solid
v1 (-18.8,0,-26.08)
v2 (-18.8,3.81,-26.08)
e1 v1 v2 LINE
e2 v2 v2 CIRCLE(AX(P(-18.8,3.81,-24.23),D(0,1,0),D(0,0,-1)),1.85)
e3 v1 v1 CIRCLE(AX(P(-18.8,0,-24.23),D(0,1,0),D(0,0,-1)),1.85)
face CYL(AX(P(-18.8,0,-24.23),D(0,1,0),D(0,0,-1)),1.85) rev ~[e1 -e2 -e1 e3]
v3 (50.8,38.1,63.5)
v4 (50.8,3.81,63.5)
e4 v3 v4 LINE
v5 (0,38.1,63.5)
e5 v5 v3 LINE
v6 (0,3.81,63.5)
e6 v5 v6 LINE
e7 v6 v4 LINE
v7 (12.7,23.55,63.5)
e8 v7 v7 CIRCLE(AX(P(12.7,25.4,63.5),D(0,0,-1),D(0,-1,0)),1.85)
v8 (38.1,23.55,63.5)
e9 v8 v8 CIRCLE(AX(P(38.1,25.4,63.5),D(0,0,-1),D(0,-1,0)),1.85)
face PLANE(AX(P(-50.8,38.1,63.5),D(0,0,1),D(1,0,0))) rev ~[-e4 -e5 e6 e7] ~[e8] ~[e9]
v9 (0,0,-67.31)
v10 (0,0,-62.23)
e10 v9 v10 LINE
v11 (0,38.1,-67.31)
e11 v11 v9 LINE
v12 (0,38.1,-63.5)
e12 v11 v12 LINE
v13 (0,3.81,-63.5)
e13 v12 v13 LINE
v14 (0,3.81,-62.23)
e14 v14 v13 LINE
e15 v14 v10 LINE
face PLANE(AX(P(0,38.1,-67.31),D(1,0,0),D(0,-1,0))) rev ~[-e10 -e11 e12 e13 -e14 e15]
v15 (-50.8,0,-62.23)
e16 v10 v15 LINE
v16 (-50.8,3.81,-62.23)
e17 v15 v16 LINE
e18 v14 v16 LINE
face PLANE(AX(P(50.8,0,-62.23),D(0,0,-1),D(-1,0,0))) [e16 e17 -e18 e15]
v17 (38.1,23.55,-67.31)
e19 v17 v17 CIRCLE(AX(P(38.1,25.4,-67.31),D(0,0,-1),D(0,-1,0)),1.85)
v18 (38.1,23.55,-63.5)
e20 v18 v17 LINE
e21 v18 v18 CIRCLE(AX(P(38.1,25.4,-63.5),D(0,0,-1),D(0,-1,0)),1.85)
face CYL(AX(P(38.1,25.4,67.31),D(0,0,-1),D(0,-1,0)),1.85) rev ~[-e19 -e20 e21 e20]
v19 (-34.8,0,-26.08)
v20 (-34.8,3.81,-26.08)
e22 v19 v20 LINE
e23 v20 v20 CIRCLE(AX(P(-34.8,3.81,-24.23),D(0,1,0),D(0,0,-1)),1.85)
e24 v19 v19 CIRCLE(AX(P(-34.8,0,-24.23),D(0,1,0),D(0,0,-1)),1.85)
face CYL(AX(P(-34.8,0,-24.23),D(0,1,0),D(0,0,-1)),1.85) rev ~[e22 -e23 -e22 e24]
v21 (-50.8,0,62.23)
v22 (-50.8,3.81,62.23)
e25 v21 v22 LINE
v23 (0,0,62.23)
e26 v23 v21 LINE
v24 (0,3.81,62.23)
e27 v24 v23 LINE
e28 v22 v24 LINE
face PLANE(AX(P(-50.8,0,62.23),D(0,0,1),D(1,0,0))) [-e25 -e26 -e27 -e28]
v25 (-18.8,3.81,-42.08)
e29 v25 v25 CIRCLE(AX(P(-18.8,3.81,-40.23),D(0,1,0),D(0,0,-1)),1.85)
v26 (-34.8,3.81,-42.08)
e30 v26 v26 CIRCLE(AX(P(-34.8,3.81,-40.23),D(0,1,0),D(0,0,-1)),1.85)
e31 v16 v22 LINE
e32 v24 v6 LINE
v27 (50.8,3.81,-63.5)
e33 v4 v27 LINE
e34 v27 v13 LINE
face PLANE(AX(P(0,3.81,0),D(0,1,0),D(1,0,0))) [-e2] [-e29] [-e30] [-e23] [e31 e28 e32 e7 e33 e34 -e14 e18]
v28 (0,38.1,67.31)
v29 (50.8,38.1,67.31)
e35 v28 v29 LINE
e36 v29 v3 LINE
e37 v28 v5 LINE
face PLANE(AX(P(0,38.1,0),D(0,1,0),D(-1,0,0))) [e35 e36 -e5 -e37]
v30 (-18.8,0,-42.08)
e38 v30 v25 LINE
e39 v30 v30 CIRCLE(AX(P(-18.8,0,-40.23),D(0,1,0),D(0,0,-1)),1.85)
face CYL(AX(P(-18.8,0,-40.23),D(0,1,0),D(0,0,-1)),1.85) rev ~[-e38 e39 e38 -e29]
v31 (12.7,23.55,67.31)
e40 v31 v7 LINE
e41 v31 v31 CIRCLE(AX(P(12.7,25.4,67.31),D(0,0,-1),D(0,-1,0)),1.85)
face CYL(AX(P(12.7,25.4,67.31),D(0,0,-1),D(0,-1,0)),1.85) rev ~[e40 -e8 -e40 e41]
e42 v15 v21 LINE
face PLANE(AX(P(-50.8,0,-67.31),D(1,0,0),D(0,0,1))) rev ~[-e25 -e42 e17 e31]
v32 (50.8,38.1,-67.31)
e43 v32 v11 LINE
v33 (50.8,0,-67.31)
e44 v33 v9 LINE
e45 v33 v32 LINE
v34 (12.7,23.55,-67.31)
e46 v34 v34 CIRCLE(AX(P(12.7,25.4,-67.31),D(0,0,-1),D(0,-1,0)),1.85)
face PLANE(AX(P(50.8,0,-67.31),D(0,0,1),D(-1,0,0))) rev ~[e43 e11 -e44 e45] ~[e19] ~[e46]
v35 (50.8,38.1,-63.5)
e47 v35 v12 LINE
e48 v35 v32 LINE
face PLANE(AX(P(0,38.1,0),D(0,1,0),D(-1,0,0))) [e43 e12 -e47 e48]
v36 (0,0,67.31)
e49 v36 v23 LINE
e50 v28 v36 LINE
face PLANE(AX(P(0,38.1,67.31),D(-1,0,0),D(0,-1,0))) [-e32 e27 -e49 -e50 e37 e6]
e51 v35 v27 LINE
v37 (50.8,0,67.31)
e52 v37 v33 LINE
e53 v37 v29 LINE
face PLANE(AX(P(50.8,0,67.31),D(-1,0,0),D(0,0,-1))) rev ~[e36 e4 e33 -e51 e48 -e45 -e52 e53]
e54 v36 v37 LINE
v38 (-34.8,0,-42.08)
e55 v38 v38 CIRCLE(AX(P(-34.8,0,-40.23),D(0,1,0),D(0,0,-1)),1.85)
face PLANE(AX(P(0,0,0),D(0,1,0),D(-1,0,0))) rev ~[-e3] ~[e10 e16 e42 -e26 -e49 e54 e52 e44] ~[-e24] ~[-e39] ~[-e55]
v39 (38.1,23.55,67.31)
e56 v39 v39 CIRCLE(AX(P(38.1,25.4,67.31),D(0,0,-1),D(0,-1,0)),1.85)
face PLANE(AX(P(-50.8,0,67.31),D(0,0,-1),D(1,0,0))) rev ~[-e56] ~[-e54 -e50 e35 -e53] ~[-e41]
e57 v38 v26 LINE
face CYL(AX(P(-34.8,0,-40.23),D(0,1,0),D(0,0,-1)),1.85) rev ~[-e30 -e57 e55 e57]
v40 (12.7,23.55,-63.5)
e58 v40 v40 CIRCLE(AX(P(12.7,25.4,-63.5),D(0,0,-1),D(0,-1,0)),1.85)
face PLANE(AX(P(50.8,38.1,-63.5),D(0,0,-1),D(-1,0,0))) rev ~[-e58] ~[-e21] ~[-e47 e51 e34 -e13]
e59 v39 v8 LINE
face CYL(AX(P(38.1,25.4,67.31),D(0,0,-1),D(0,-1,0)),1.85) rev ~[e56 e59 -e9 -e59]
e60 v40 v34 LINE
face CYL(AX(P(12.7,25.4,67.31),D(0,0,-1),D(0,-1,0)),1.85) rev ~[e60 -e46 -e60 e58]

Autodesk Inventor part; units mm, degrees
ref_plane "YZ Plane" through (0, 0, 0) normal (1, 0, 0) x (0, 1, 0)
ref_plane "XZ Plane" through (0, 0, 0) normal (0, 1, 0) x (-1, 0, 0)
ref_plane "XY Plane" through (0, 0, 0) normal (0, 0, 1) x (1, 0, 0)
sketch "Sketch1" plane through (0, 0, 0) normal (0, 1, 0) x (-1, 0, 0)
  line L0 (-50.8, -67.31) -> (50.8, -67.31)
  line L1 (50.8, -67.31) -> (50.8, 67.31)
  line L2 (50.8, 67.31) -> (-50.8, 67.31)
  line L3 (-50.8, 67.31) -> (-50.8, -67.31)
  line L4 (-50.8, -67.31) -> (50.8, 67.31) construction
  line L5 (50.8, -67.31) -> (-50.8, 67.31) construction
  point P0 (0, 0)
  dimension "d0" = 101.6
  dimension "d1" = 134.62
extrude "Extrusion1" add sketch "Sketch1" along normal blind 38.1
sketch "Sketch3" plane through (0, 38.1, 0) normal (0, 1, 0) x (1, 0, 0)
  line L0 (50.8, 63.5) -> (-50.8, 63.5)
  line L1 (-50.8, 63.5) -> (-50.8, -63.5)
  line L2 (-50.8, -63.5) -> (50.8, -63.5)
  line L3 (50.8, -63.5) -> (50.8, 63.5)
  line L4 (50.8, 63.5) -> (-50.8, -63.5) construction
  line L5 (-50.8, 63.5) -> (50.8, -63.5) construction
  point P0 (0, 0)
  dimension "d4" = 127
extrude "Extrusion2" cut sketch "Sketch3" against normal blind 34.29
sketch "Sketch4" plane through (50.8, 0, -67.31) normal (0, 0, -1) x (-1, 0, 0)
  line L0 (101.6, 38.1) -> (50.8, 38.1)
  line L1 (50.8, 38.1) -> (50.8, 0)
  line L2 (50.8, 0) -> (101.6, 0)
  line L3 (101.6, 0) -> (101.6, 38.1)
  dimension "d7" = 50.8
extrude "Extrusion3" cut sketch "Sketch4" against normal blind 5.08
sketch "Sketch5" plane through (-50.8, 0, 67.31) normal (0, 0, 1) x (1, 0, 0)
  line L0 (0, 38.1) -> (0, 3.81) projected
  line L1 (0, 38.1) -> (50.8, 38.1)
  line L2 (50.8, 38.1) -> (50.8, 0)
  line L3 (50.8, 0) -> (0, 0)
  line L4 (0, 0) -> (0, 38.1)
extrude "Extrusion4" cut sketch "Sketch5" against normal blind 5.08
sketch "Sketch6" plane through (50.8, 0, 67.31) normal (0, 0, 1) x (1, 0, 0)
  line L0 (-50.8, 38.1) -> (-38.1, 38.1)
  line L1 (-38.1, 38.1) -> (-38.1, 25.4)
  line L2 (-38.1, 25.4) -> (-50.8, 25.4)
  line L3 (-50.8, 25.4) -> (-50.8, 38.1)
  line L4 (0, 38.1) -> (-50.8, 38.1) projected
  line L5 (0, 38.1) -> (-12.7, 38.1)
  line L6 (-12.7, 38.1) -> (-12.7, 25.4)
  line L7 (-12.7, 25.4) -> (0, 25.4)
  line L8 (0, 25.4) -> (0, 38.1)
  point P0 (-50.8, 0)
  dimension "d12" = 12.7
  dimension "d13" = 12.7
  dimension "d14" = 12.7
hole "Hole1" at (12.7, 25.4, 67.31) at (38.1, 25.4, 67.31) direction (0, 0, -1) diameter 3.7 end through all
sketch "Sketch8" plane through (0, 0, 0) normal (0, -1, 0) x (1, 0, 0)
  circle A0 centre (-18.8, -24.23) radius 1.85 projected
  circle A1 centre (-34.8, -24.23) radius 1.85 projected
  circle A2 centre (-18.8, -40.23) radius 1.85 projected
  circle A3 centre (-34.8, -40.23) radius 1.85 projected
  point P0 (0, 0)
hole "Hole2" at (-18.8, 0, -24.23) at (-34.8, 0, -24.23) at (-34.8, 0, -40.23) at (-18.8, 0, -40.23) direction (0, 1, 0) diameter 3.7 end through all
properties part number "Bucket Top" material "PET Plastic"
